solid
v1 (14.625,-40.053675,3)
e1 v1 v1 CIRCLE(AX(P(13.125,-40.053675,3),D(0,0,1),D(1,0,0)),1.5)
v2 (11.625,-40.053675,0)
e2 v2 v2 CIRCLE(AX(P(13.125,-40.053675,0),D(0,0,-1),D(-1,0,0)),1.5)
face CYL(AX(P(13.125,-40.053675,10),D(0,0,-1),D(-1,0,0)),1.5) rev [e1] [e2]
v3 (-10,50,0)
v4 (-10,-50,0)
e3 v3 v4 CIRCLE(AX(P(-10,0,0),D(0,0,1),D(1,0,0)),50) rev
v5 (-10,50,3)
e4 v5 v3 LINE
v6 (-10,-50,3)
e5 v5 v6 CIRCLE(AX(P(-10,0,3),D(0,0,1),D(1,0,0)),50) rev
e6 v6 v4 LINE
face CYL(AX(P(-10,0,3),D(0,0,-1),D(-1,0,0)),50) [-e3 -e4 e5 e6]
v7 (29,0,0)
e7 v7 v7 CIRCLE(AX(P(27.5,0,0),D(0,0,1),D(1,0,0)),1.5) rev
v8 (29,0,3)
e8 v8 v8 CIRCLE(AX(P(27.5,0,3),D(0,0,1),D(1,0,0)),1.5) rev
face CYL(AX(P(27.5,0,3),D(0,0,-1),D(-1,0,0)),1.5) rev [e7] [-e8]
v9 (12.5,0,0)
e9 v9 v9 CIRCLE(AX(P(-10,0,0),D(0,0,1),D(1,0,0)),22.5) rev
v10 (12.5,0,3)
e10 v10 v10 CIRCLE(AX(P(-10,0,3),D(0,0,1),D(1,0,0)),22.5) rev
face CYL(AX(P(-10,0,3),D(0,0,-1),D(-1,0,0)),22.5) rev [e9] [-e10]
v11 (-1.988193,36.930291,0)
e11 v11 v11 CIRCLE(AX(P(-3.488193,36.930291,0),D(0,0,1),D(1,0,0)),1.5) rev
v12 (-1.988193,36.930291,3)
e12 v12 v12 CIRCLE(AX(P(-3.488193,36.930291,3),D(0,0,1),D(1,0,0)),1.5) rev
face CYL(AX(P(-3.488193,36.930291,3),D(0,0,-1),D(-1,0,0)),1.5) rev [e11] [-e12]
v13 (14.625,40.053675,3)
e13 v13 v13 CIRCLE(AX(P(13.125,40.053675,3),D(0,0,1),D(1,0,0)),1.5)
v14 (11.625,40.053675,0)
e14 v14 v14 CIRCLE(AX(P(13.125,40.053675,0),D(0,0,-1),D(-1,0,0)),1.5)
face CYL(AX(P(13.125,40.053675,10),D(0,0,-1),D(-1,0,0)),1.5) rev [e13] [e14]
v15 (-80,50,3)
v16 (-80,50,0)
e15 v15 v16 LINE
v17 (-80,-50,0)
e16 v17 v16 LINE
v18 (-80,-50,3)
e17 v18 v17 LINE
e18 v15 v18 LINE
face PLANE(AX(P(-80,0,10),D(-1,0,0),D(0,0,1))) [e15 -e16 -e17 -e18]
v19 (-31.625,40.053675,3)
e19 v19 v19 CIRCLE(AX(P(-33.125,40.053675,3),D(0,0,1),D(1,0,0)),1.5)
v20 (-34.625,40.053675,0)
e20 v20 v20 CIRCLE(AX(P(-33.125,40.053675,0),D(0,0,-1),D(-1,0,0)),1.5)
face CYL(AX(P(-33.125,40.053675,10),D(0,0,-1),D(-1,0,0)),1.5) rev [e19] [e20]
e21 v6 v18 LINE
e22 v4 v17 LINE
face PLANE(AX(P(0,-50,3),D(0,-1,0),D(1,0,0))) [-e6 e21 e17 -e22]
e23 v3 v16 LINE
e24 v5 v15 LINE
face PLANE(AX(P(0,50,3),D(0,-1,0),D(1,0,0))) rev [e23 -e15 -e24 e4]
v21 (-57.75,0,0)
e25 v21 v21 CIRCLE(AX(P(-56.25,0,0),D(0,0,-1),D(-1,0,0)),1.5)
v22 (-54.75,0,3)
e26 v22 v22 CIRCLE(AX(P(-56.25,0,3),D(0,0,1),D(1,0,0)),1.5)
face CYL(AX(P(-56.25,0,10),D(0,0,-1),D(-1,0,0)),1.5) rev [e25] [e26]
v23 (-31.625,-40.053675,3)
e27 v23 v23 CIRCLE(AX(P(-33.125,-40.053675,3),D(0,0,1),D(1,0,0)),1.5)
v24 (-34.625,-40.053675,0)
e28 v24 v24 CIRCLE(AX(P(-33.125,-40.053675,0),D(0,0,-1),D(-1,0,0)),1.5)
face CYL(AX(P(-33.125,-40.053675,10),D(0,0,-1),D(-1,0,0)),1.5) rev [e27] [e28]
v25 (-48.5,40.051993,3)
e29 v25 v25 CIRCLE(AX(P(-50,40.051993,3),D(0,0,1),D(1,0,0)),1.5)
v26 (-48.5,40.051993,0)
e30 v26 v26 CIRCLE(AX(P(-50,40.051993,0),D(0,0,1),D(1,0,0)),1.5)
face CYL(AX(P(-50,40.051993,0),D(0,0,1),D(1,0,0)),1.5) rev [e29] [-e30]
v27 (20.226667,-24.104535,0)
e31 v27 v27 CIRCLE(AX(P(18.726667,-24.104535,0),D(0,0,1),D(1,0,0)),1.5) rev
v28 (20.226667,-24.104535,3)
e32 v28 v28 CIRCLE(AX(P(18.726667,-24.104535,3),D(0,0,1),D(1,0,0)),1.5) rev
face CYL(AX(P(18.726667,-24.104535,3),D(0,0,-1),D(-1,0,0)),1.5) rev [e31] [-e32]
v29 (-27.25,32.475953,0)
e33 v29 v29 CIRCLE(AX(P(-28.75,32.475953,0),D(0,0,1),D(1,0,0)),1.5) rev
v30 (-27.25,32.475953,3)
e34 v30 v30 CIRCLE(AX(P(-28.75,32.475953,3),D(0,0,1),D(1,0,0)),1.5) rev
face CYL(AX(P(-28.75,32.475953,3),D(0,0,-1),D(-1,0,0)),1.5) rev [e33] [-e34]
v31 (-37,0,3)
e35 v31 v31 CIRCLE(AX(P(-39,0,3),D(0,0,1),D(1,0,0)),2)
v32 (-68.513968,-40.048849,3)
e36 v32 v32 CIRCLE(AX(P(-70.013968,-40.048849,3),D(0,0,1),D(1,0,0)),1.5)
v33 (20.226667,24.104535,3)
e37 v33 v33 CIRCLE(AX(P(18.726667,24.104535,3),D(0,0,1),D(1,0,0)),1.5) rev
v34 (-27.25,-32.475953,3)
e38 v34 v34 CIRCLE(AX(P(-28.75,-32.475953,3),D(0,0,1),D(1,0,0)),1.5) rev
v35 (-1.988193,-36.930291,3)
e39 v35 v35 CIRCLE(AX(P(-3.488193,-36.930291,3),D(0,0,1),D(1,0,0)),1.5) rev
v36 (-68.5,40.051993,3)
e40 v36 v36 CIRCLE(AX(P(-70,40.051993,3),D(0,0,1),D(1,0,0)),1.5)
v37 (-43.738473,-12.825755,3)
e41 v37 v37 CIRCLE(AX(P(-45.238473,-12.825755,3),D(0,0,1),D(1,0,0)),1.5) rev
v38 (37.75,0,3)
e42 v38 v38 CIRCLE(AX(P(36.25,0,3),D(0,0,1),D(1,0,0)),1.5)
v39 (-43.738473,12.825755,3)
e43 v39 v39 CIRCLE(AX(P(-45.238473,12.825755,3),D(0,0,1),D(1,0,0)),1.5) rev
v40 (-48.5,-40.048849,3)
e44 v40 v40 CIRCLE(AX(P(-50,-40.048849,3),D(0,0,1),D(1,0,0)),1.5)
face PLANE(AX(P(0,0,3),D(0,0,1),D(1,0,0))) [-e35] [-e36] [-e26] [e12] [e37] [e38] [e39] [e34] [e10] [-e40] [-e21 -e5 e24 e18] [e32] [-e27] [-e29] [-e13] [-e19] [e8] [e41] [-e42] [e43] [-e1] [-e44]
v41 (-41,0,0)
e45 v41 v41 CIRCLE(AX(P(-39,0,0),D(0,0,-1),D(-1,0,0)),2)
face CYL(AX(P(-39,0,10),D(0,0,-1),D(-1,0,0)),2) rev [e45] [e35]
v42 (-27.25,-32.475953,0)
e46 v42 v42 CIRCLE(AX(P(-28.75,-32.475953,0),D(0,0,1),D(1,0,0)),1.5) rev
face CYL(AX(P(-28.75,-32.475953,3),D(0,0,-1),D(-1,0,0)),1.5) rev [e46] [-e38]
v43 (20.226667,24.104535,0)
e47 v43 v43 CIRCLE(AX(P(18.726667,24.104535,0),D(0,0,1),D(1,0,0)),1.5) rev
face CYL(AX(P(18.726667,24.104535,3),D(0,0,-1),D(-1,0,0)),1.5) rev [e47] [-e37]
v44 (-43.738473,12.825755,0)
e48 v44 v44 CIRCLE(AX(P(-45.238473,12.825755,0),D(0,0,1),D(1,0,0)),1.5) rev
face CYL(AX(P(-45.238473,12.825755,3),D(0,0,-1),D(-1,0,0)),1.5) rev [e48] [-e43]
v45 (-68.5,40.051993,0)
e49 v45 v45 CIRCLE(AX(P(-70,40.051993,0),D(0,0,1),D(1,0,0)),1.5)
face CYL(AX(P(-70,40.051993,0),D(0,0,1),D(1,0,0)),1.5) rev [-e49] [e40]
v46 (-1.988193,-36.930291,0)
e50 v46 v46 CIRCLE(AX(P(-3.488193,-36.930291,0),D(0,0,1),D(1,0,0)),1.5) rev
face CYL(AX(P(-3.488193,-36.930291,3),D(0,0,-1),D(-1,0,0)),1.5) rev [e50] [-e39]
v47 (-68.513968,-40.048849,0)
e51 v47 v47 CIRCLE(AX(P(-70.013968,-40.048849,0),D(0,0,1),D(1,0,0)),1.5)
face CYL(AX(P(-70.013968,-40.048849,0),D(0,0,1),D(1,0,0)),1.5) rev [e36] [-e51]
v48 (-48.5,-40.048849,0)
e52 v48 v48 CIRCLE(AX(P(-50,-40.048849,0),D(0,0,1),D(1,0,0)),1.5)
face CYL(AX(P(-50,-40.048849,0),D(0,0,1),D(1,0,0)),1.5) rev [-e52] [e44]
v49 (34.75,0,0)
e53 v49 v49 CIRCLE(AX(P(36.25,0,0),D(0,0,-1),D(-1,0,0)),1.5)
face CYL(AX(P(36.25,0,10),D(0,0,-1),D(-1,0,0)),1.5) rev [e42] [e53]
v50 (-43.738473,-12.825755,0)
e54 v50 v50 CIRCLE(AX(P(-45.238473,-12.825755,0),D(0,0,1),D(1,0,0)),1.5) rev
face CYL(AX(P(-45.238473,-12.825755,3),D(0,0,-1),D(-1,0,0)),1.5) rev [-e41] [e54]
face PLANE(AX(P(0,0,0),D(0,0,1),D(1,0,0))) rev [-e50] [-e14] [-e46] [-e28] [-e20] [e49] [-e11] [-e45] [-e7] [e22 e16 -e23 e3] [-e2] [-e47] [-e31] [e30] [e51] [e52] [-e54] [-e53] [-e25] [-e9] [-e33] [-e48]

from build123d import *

# Parameters (mm, degrees)
SKETCH_1_R          = 1.5
SKETCH_1_R_2        = 22.5
EXTRUDE_1_DEPTH     = 3
SKETCH_2_R          = 2
SKETCH_2_R_2        = 1.75
CUT_EXTRUDE_1_DEPTH = 10
SKETCH_3_R          = 1.5
SKETCH_3_R_2        = 1.75
SKETCH_3_R_3        = 22.5
CUT_EXTRUDE_2_DEPTH = 10
SKETCH_4_R          = 1.5
CUT_EXTRUDE_3_DEPTH = 10
SKETCH_5_R          = 1.5
CUT_EXTRUDE_4_DEPTH = 95.387499172


with BuildPart() as part:
    # 草图1 → 凸台-拉伸1 (new body)
    with BuildSketch(Plane.XY):
        with BuildLine():
            Line((-10, 50), (-350, 50))
            ThreePointArc((-350, 50), (-400, 0), (-350, -50))
            Line((-350, -50), (-10, -50))
            ThreePointArc((-10, -50), (40, 0), (-10, 50))
        make_face()
        with Locations((-387.5, 0)):
            Circle(SKETCH_1_R, mode=Mode.SUBTRACT)
        with Locations((-378.726666617, 24.104535363)):
            Circle(SKETCH_1_R, mode=Mode.SUBTRACT)
        with Locations((-356.511806663, 36.930290738)):
            Circle(SKETCH_1_R, mode=Mode.SUBTRACT)
        with Locations((-331.25, 32.475952642)):
            Circle(SKETCH_1_R, mode=Mode.SUBTRACT)
        with Locations((-314.761526721, 12.825755375)):
            Circle(SKETCH_1_R, mode=Mode.SUBTRACT)
        with Locations((-314.761526721, -12.825755375)):
            Circle(SKETCH_1_R, mode=Mode.SUBTRACT)
        with Locations((-331.25, -32.475952642)):
            Circle(SKETCH_1_R, mode=Mode.SUBTRACT)
        with Locations((-356.511806663, -36.930290738)):
            Circle(SKETCH_1_R, mode=Mode.SUBTRACT)
        with Locations((-378.726666617, -24.104535363)):
            Circle(SKETCH_1_R, mode=Mode.SUBTRACT)
        with Locations((-350, 0)):
            Circle(SKETCH_1_R_2, mode=Mode.SUBTRACT)
        with Locations((-10, 0)):
            Circle(SKETCH_1_R_2, mode=Mode.SUBTRACT)
        with Locations((18.726666617, -24.104535363)):
            Circle(SKETCH_1_R, mode=Mode.SUBTRACT)
        with Locations((-3.488193337, -36.930290738)):
            Circle(SKETCH_1_R, mode=Mode.SUBTRACT)
        with Locations((-28.75, -32.475952642)):
            Circle(SKETCH_1_R, mode=Mode.SUBTRACT)
        with Locations((-45.238473279, -12.825755375)):
            Circle(SKETCH_1_R, mode=Mode.SUBTRACT)
        with Locations((-45.238473279, 12.825755375)):
            Circle(SKETCH_1_R, mode=Mode.SUBTRACT)
        with Locations((-28.75, 32.475952642)):
            Circle(SKETCH_1_R, mode=Mode.SUBTRACT)
        with Locations((-3.488193337, 36.930290738)):
            Circle(SKETCH_1_R, mode=Mode.SUBTRACT)
        with Locations((18.726666617, 24.104535363)):
            Circle(SKETCH_1_R, mode=Mode.SUBTRACT)
        with Locations((27.5, 0)):
            Circle(SKETCH_1_R, mode=Mode.SUBTRACT)
    extrude(amount=EXTRUDE_1_DEPTH)

    # 草图2 → 切除-拉伸1 (cut)
    with BuildSketch(Plane(origin=(0, 0, 0), x_dir=(-1, 0, 0), z_dir=(0, 0, -1))):
        with Locations((39, 0)):
            Circle(SKETCH_2_R)
        with Locations(Location((321, 0, 0), (0, 0, 180))):
            Circle(SKETCH_2_R_2)
    extrude(amount=-CUT_EXTRUDE_1_DEPTH, mode=Mode.SUBTRACT)

    # 草图3 → 切除-拉伸2 (cut)
    with BuildSketch(Plane(origin=(0, 0, 0), x_dir=(-1, 0, 0), z_dir=(0, 0, -1))):
        with BuildLine():
            Line((80, -50), (180, -50))
            Line((180, -50), (350, -50))
            ThreePointArc((350, -50), (400, 0), (350, 50))
            Line((350, 50), (80, 50))
            Line((80, 50), (80, -50))
        make_face()
        with Locations((331.25, -32.475952642)):
            Circle(SKETCH_3_R, mode=Mode.SUBTRACT)
        with Locations((356.511806663, -36.930290738)):
            Circle(SKETCH_3_R, mode=Mode.SUBTRACT)
        with Locations((378.726666617, -24.104535363)):
            Circle(SKETCH_3_R, mode=Mode.SUBTRACT)
        with Locations((314.761526721, -12.825755375)):
            Circle(SKETCH_3_R, mode=Mode.SUBTRACT)
        with Locations((321, 0)):
            Circle(SKETCH_3_R_2, mode=Mode.SUBTRACT)
        with Locations((314.761526721, 12.825755375)):
            Circle(SKETCH_3_R, mode=Mode.SUBTRACT)
        with Locations((350, 0)):
            Circle(SKETCH_3_R_3, mode=Mode.SUBTRACT)
        with Locations((387.5, 0)):
            Circle(SKETCH_3_R, mode=Mode.SUBTRACT)
        with Locations((331.25, 32.475952642)):
            Circle(SKETCH_3_R, mode=Mode.SUBTRACT)
        with Locations((378.726666617, 24.104535363)):
            Circle(SKETCH_3_R, mode=Mode.SUBTRACT)
        with Locations((356.511806663, 36.930290738)):
            Circle(SKETCH_3_R, mode=Mode.SUBTRACT)
    extrude(amount=-CUT_EXTRUDE_2_DEPTH, mode=Mode.SUBTRACT)

    # 草图4 → 切除-拉伸3 (cut)
    with BuildSketch(Plane(origin=(0, 0, 0), x_dir=(-1, 0, 0), z_dir=(0, 0, -1))):
        with Locations((-36.25, 0)):
            Circle(SKETCH_4_R)
        with Locations((-13.125, 40.053674925)):
            Circle(SKETCH_4_R)
        with Locations((33.125, 40.053674925)):
            Circle(SKETCH_4_R)
        with Locations((56.25, 0)):
            Circle(SKETCH_4_R)
        with Locations((33.125, -40.053674925)):
            Circle(SKETCH_4_R)
        with Locations((-13.125, -40.053674925)):
            Circle(SKETCH_4_R)
    extrude(amount=-CUT_EXTRUDE_3_DEPTH, mode=Mode.SUBTRACT)

    # 草图5 → 切除-拉伸4 (cut, through all)
    with BuildSketch(Plane.XY.offset(3)):
        with Locations((-70, 40.051993223)):
            Circle(SKETCH_5_R)
        with Locations((-50, 40.051993223)):
            Circle(SKETCH_5_R)
        with Locations((-70.013968461, -40.048849195)):
            Circle(SKETCH_5_R)
        with Locations((-50, -40.048849193)):
            Circle(SKETCH_5_R)
    extrude(amount=-CUT_EXTRUDE_4_DEPTH, mode=Mode.SUBTRACT)


solid = part.part
